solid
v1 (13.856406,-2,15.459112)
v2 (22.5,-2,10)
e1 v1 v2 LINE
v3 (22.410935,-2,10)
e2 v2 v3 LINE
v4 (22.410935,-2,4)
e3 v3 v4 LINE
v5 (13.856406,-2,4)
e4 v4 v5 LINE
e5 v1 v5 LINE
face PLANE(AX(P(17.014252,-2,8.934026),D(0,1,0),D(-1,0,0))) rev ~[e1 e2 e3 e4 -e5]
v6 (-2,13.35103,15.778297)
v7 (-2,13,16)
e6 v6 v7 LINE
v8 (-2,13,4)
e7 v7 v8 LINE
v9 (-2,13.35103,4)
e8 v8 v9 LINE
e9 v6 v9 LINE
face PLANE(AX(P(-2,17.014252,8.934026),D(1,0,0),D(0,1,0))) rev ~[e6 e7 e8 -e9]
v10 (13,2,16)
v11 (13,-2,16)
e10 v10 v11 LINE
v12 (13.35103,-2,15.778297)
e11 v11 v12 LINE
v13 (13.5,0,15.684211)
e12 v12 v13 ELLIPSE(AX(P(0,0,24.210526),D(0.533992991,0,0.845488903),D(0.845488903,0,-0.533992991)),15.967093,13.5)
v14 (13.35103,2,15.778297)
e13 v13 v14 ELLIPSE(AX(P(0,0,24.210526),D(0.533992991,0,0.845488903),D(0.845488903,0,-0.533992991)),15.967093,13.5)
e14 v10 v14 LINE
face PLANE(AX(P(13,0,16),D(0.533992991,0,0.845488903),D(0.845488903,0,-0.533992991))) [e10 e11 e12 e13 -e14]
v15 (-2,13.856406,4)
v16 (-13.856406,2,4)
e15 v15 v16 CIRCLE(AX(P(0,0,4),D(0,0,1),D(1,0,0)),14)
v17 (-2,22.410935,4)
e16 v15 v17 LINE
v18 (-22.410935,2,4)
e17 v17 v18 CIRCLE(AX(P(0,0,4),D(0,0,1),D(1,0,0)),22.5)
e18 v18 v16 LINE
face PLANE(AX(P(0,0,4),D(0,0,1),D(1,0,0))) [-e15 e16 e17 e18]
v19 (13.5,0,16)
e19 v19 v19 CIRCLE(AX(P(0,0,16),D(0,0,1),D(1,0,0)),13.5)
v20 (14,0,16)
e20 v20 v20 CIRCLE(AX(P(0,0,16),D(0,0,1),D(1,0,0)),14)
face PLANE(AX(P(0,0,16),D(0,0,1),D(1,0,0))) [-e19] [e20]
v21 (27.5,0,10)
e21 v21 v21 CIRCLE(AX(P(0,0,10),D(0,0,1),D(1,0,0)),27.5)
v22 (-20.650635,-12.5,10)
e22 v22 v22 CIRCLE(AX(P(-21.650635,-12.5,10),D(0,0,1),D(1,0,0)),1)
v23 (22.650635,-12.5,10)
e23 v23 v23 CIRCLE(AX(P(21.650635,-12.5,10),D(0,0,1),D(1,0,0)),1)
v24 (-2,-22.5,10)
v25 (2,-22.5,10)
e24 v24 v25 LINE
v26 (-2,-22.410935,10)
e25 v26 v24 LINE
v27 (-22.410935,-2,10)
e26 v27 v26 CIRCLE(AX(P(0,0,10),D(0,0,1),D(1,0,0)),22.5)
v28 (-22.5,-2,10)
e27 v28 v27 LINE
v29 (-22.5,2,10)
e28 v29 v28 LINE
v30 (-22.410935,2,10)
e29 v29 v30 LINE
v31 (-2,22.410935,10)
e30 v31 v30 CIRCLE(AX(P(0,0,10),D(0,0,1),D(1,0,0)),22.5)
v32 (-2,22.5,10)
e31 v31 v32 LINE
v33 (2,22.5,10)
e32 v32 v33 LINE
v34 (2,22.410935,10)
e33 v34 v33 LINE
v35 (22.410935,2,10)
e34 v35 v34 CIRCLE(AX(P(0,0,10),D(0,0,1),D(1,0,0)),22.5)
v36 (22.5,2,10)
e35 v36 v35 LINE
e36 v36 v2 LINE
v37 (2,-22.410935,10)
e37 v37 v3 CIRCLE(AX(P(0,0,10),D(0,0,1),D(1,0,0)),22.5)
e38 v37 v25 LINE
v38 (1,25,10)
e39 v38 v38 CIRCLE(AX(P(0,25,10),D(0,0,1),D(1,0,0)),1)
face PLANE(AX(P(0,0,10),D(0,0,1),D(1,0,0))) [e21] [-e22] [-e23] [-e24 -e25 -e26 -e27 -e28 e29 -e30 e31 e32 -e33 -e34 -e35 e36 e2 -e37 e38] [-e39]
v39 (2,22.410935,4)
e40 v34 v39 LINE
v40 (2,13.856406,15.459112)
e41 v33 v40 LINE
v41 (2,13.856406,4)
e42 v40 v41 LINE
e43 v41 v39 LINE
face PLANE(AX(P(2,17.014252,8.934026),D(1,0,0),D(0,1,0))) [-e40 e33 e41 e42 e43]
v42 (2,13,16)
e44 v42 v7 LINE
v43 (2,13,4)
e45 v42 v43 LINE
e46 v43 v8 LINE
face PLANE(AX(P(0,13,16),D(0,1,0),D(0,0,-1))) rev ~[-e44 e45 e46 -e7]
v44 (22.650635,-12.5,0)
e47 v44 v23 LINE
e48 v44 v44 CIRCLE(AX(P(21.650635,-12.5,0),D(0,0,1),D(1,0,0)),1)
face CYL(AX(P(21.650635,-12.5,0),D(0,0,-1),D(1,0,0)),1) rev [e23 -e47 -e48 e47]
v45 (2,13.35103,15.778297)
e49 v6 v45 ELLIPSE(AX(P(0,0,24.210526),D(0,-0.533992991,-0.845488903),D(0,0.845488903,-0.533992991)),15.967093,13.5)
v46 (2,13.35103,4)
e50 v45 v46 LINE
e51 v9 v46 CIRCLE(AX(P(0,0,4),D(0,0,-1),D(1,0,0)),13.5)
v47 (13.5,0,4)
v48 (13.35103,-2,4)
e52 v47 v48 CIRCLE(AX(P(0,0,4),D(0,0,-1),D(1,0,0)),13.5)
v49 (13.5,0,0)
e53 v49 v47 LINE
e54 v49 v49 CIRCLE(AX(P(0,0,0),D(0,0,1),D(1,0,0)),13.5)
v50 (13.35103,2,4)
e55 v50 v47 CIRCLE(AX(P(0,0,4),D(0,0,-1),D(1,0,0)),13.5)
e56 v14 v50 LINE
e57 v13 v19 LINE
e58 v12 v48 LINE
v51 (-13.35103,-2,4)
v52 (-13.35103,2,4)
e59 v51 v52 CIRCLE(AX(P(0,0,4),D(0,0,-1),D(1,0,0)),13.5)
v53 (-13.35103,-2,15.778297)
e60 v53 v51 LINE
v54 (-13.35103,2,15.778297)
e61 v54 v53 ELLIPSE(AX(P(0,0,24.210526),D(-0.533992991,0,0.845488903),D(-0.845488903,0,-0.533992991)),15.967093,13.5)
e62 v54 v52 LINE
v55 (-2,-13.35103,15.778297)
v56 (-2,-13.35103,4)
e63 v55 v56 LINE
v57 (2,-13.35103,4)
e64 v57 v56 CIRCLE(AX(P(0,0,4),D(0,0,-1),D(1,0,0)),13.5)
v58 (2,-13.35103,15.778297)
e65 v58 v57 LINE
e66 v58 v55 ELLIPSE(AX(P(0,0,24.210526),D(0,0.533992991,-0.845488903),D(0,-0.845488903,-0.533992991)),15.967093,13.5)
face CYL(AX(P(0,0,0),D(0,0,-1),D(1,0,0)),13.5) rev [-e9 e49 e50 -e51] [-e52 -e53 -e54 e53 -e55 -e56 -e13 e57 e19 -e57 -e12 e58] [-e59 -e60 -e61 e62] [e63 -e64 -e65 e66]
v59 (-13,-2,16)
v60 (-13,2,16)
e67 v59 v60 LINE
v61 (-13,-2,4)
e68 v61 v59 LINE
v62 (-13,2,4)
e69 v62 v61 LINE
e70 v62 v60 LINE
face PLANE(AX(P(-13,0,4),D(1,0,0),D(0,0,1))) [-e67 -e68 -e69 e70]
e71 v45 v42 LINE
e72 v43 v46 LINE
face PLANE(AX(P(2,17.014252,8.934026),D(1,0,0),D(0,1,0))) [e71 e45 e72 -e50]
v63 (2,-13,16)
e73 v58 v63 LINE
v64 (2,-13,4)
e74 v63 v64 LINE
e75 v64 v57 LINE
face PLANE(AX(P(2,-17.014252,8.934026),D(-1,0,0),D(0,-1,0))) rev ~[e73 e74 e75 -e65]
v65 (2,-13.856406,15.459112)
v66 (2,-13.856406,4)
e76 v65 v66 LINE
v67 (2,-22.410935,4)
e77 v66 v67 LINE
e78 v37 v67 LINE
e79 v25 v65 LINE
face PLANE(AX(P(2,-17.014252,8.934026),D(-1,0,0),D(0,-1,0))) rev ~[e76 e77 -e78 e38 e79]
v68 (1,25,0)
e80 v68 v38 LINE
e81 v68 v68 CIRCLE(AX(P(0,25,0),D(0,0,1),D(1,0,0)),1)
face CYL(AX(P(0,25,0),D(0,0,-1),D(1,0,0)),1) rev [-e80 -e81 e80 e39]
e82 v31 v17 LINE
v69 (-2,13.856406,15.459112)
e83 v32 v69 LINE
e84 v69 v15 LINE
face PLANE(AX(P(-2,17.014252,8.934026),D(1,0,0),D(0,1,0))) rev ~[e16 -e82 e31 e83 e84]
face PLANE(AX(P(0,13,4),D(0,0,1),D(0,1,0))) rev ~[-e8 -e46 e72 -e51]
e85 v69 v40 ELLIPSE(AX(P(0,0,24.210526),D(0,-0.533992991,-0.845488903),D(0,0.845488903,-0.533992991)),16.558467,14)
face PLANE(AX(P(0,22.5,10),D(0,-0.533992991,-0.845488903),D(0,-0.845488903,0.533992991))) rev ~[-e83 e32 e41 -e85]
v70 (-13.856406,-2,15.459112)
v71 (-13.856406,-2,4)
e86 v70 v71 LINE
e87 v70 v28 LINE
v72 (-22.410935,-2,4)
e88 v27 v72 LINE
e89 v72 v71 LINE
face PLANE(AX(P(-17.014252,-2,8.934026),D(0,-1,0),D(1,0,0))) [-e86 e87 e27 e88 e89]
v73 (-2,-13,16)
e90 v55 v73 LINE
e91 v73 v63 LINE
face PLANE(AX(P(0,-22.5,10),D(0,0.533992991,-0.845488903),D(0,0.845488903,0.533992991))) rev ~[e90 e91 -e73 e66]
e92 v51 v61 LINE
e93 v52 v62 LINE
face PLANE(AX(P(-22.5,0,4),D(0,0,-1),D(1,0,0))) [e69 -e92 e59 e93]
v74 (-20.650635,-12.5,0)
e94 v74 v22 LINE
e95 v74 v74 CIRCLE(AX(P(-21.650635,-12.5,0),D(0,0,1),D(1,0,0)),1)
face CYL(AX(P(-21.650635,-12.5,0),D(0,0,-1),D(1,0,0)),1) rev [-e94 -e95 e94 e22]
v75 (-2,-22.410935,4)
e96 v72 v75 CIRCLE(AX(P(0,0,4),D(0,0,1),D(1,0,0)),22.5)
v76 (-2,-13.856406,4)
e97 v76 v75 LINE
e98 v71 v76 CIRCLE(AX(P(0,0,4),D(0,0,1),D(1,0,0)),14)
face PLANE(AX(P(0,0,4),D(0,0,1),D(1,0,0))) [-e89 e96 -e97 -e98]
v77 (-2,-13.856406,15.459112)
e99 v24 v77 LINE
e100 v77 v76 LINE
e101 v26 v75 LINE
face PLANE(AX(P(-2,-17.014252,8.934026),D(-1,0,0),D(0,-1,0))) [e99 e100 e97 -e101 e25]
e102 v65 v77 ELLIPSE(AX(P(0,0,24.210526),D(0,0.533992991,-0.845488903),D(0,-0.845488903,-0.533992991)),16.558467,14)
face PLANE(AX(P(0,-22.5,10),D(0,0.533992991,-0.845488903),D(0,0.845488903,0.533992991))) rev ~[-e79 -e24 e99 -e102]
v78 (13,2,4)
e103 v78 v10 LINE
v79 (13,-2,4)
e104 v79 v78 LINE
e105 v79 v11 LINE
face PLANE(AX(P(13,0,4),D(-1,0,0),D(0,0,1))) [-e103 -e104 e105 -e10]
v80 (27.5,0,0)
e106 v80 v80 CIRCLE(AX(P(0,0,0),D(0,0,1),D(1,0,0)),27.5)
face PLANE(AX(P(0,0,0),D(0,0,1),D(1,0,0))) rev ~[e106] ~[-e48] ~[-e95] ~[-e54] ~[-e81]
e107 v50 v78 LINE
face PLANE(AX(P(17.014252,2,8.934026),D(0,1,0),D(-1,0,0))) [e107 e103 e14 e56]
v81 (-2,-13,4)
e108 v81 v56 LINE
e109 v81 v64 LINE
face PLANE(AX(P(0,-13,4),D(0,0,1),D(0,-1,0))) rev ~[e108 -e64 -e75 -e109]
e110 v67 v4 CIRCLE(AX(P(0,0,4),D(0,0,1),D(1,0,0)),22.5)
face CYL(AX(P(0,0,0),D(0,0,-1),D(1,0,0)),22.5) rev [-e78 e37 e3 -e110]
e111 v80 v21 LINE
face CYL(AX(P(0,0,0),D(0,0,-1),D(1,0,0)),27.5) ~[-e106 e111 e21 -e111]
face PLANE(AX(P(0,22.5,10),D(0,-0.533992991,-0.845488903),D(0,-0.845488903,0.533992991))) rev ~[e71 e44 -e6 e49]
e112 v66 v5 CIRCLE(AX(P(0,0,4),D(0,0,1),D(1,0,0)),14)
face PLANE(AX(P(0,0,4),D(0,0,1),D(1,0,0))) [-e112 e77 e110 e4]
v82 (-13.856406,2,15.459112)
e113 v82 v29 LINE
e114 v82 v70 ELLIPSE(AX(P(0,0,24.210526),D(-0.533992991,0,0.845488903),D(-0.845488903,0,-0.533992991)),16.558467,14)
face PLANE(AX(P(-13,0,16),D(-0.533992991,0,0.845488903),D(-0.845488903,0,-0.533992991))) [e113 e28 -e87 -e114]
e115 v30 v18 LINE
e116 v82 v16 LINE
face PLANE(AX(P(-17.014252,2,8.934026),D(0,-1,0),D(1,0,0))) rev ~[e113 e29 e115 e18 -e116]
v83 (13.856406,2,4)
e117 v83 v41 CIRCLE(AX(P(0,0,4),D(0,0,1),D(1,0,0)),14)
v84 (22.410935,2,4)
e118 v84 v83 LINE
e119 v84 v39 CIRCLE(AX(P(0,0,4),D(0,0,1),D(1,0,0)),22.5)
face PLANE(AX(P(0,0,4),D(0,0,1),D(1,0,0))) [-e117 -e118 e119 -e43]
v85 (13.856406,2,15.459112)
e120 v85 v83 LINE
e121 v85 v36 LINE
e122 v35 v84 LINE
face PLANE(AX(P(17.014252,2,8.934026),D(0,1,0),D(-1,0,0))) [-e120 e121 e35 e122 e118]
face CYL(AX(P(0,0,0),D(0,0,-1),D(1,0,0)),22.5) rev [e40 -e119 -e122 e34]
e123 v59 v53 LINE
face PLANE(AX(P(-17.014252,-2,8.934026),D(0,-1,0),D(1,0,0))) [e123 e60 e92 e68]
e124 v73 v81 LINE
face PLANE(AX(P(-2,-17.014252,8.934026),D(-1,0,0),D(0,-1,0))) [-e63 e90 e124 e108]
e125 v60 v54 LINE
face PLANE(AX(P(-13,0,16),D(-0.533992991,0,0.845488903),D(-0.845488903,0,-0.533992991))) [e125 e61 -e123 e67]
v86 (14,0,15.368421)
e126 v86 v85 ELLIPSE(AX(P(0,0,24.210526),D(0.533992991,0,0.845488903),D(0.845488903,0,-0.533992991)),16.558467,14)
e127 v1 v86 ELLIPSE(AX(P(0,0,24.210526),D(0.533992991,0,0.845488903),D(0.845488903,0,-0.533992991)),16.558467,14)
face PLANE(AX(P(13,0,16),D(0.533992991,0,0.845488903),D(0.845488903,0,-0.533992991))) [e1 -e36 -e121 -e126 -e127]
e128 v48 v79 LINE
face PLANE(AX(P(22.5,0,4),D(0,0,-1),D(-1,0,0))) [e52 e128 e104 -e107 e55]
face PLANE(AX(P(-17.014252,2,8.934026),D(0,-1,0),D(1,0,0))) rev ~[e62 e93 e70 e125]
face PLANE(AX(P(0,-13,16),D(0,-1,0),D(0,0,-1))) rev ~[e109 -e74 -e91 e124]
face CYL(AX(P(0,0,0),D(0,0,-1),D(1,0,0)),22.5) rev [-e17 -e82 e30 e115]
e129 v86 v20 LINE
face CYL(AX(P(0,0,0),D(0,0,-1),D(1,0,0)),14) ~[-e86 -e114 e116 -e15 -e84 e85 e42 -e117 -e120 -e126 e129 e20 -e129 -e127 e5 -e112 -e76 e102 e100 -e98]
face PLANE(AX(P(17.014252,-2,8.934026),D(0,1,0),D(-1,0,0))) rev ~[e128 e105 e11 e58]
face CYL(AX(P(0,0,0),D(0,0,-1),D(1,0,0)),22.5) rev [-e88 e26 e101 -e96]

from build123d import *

# Parameters (mm, degrees)
SKETCH_R      = 27.5
SKETCH_R_2    = 22.5
SKETCH_R_3    = 1
PAD_DEPTH     = 10
SKETCH001_R   = 22.5
SKETCH001_R_2 = 14
PAD001_DEPTH  = 4
PAD002_DEPTH  = 2
PAD003_DEPTH  = 2
SKETCH004_R   = 14
SKETCH004_R_2 = 13.5
PAD004_DEPTH  = 16


with BuildPart() as part:
    # Sketch → Pad (new body)
    with BuildSketch(Plane.XY):
        Circle(SKETCH_R)
        Circle(SKETCH_R_2, mode=Mode.SUBTRACT)
        with Locations((0, 25)):
            Circle(SKETCH_R_3, mode=Mode.SUBTRACT)
        with Locations((-21.650635, -12.5)):
            Circle(SKETCH_R_3, mode=Mode.SUBTRACT)
        with Locations((21.650635, -12.5)):
            Circle(SKETCH_R_3, mode=Mode.SUBTRACT)
    extrude(amount=PAD_DEPTH)

    # Sketch001 → Pad001 (join)
    with BuildSketch(Plane.XY):
        Circle(SKETCH001_R)
        Circle(SKETCH001_R_2, mode=Mode.SUBTRACT)
    extrude(amount=PAD001_DEPTH)

    # Sketch002 → Pad002 (join, symmetric)
    with BuildSketch(Plane.XZ):
        Polygon((22.5, 10), (22.5, 4), (13, 4), (13, 16), align=None)
        Polygon((-22.5, 10), (-22.5, 4), (-13, 4), (-13, 16), align=None)
    extrude(amount=PAD002_DEPTH, both=True)

    # Sketch003 → Pad003 (join, symmetric)
    with BuildSketch(Plane.YZ):
        Polygon((13, 4), (22.5, 4), (22.5, 10), (13, 16), align=None)
        Polygon((-13, 4), (-22.5, 4), (-22.5, 10), (-13, 16), align=None)
    extrude(amount=PAD003_DEPTH, both=True)

    # Sketch004 → Pad004 (join)
    with BuildSketch(Plane.XY):
        Circle(SKETCH004_R)
        Circle(SKETCH004_R_2, mode=Mode.SUBTRACT)
    extrude(amount=PAD004_DEPTH)


solid = part.part
